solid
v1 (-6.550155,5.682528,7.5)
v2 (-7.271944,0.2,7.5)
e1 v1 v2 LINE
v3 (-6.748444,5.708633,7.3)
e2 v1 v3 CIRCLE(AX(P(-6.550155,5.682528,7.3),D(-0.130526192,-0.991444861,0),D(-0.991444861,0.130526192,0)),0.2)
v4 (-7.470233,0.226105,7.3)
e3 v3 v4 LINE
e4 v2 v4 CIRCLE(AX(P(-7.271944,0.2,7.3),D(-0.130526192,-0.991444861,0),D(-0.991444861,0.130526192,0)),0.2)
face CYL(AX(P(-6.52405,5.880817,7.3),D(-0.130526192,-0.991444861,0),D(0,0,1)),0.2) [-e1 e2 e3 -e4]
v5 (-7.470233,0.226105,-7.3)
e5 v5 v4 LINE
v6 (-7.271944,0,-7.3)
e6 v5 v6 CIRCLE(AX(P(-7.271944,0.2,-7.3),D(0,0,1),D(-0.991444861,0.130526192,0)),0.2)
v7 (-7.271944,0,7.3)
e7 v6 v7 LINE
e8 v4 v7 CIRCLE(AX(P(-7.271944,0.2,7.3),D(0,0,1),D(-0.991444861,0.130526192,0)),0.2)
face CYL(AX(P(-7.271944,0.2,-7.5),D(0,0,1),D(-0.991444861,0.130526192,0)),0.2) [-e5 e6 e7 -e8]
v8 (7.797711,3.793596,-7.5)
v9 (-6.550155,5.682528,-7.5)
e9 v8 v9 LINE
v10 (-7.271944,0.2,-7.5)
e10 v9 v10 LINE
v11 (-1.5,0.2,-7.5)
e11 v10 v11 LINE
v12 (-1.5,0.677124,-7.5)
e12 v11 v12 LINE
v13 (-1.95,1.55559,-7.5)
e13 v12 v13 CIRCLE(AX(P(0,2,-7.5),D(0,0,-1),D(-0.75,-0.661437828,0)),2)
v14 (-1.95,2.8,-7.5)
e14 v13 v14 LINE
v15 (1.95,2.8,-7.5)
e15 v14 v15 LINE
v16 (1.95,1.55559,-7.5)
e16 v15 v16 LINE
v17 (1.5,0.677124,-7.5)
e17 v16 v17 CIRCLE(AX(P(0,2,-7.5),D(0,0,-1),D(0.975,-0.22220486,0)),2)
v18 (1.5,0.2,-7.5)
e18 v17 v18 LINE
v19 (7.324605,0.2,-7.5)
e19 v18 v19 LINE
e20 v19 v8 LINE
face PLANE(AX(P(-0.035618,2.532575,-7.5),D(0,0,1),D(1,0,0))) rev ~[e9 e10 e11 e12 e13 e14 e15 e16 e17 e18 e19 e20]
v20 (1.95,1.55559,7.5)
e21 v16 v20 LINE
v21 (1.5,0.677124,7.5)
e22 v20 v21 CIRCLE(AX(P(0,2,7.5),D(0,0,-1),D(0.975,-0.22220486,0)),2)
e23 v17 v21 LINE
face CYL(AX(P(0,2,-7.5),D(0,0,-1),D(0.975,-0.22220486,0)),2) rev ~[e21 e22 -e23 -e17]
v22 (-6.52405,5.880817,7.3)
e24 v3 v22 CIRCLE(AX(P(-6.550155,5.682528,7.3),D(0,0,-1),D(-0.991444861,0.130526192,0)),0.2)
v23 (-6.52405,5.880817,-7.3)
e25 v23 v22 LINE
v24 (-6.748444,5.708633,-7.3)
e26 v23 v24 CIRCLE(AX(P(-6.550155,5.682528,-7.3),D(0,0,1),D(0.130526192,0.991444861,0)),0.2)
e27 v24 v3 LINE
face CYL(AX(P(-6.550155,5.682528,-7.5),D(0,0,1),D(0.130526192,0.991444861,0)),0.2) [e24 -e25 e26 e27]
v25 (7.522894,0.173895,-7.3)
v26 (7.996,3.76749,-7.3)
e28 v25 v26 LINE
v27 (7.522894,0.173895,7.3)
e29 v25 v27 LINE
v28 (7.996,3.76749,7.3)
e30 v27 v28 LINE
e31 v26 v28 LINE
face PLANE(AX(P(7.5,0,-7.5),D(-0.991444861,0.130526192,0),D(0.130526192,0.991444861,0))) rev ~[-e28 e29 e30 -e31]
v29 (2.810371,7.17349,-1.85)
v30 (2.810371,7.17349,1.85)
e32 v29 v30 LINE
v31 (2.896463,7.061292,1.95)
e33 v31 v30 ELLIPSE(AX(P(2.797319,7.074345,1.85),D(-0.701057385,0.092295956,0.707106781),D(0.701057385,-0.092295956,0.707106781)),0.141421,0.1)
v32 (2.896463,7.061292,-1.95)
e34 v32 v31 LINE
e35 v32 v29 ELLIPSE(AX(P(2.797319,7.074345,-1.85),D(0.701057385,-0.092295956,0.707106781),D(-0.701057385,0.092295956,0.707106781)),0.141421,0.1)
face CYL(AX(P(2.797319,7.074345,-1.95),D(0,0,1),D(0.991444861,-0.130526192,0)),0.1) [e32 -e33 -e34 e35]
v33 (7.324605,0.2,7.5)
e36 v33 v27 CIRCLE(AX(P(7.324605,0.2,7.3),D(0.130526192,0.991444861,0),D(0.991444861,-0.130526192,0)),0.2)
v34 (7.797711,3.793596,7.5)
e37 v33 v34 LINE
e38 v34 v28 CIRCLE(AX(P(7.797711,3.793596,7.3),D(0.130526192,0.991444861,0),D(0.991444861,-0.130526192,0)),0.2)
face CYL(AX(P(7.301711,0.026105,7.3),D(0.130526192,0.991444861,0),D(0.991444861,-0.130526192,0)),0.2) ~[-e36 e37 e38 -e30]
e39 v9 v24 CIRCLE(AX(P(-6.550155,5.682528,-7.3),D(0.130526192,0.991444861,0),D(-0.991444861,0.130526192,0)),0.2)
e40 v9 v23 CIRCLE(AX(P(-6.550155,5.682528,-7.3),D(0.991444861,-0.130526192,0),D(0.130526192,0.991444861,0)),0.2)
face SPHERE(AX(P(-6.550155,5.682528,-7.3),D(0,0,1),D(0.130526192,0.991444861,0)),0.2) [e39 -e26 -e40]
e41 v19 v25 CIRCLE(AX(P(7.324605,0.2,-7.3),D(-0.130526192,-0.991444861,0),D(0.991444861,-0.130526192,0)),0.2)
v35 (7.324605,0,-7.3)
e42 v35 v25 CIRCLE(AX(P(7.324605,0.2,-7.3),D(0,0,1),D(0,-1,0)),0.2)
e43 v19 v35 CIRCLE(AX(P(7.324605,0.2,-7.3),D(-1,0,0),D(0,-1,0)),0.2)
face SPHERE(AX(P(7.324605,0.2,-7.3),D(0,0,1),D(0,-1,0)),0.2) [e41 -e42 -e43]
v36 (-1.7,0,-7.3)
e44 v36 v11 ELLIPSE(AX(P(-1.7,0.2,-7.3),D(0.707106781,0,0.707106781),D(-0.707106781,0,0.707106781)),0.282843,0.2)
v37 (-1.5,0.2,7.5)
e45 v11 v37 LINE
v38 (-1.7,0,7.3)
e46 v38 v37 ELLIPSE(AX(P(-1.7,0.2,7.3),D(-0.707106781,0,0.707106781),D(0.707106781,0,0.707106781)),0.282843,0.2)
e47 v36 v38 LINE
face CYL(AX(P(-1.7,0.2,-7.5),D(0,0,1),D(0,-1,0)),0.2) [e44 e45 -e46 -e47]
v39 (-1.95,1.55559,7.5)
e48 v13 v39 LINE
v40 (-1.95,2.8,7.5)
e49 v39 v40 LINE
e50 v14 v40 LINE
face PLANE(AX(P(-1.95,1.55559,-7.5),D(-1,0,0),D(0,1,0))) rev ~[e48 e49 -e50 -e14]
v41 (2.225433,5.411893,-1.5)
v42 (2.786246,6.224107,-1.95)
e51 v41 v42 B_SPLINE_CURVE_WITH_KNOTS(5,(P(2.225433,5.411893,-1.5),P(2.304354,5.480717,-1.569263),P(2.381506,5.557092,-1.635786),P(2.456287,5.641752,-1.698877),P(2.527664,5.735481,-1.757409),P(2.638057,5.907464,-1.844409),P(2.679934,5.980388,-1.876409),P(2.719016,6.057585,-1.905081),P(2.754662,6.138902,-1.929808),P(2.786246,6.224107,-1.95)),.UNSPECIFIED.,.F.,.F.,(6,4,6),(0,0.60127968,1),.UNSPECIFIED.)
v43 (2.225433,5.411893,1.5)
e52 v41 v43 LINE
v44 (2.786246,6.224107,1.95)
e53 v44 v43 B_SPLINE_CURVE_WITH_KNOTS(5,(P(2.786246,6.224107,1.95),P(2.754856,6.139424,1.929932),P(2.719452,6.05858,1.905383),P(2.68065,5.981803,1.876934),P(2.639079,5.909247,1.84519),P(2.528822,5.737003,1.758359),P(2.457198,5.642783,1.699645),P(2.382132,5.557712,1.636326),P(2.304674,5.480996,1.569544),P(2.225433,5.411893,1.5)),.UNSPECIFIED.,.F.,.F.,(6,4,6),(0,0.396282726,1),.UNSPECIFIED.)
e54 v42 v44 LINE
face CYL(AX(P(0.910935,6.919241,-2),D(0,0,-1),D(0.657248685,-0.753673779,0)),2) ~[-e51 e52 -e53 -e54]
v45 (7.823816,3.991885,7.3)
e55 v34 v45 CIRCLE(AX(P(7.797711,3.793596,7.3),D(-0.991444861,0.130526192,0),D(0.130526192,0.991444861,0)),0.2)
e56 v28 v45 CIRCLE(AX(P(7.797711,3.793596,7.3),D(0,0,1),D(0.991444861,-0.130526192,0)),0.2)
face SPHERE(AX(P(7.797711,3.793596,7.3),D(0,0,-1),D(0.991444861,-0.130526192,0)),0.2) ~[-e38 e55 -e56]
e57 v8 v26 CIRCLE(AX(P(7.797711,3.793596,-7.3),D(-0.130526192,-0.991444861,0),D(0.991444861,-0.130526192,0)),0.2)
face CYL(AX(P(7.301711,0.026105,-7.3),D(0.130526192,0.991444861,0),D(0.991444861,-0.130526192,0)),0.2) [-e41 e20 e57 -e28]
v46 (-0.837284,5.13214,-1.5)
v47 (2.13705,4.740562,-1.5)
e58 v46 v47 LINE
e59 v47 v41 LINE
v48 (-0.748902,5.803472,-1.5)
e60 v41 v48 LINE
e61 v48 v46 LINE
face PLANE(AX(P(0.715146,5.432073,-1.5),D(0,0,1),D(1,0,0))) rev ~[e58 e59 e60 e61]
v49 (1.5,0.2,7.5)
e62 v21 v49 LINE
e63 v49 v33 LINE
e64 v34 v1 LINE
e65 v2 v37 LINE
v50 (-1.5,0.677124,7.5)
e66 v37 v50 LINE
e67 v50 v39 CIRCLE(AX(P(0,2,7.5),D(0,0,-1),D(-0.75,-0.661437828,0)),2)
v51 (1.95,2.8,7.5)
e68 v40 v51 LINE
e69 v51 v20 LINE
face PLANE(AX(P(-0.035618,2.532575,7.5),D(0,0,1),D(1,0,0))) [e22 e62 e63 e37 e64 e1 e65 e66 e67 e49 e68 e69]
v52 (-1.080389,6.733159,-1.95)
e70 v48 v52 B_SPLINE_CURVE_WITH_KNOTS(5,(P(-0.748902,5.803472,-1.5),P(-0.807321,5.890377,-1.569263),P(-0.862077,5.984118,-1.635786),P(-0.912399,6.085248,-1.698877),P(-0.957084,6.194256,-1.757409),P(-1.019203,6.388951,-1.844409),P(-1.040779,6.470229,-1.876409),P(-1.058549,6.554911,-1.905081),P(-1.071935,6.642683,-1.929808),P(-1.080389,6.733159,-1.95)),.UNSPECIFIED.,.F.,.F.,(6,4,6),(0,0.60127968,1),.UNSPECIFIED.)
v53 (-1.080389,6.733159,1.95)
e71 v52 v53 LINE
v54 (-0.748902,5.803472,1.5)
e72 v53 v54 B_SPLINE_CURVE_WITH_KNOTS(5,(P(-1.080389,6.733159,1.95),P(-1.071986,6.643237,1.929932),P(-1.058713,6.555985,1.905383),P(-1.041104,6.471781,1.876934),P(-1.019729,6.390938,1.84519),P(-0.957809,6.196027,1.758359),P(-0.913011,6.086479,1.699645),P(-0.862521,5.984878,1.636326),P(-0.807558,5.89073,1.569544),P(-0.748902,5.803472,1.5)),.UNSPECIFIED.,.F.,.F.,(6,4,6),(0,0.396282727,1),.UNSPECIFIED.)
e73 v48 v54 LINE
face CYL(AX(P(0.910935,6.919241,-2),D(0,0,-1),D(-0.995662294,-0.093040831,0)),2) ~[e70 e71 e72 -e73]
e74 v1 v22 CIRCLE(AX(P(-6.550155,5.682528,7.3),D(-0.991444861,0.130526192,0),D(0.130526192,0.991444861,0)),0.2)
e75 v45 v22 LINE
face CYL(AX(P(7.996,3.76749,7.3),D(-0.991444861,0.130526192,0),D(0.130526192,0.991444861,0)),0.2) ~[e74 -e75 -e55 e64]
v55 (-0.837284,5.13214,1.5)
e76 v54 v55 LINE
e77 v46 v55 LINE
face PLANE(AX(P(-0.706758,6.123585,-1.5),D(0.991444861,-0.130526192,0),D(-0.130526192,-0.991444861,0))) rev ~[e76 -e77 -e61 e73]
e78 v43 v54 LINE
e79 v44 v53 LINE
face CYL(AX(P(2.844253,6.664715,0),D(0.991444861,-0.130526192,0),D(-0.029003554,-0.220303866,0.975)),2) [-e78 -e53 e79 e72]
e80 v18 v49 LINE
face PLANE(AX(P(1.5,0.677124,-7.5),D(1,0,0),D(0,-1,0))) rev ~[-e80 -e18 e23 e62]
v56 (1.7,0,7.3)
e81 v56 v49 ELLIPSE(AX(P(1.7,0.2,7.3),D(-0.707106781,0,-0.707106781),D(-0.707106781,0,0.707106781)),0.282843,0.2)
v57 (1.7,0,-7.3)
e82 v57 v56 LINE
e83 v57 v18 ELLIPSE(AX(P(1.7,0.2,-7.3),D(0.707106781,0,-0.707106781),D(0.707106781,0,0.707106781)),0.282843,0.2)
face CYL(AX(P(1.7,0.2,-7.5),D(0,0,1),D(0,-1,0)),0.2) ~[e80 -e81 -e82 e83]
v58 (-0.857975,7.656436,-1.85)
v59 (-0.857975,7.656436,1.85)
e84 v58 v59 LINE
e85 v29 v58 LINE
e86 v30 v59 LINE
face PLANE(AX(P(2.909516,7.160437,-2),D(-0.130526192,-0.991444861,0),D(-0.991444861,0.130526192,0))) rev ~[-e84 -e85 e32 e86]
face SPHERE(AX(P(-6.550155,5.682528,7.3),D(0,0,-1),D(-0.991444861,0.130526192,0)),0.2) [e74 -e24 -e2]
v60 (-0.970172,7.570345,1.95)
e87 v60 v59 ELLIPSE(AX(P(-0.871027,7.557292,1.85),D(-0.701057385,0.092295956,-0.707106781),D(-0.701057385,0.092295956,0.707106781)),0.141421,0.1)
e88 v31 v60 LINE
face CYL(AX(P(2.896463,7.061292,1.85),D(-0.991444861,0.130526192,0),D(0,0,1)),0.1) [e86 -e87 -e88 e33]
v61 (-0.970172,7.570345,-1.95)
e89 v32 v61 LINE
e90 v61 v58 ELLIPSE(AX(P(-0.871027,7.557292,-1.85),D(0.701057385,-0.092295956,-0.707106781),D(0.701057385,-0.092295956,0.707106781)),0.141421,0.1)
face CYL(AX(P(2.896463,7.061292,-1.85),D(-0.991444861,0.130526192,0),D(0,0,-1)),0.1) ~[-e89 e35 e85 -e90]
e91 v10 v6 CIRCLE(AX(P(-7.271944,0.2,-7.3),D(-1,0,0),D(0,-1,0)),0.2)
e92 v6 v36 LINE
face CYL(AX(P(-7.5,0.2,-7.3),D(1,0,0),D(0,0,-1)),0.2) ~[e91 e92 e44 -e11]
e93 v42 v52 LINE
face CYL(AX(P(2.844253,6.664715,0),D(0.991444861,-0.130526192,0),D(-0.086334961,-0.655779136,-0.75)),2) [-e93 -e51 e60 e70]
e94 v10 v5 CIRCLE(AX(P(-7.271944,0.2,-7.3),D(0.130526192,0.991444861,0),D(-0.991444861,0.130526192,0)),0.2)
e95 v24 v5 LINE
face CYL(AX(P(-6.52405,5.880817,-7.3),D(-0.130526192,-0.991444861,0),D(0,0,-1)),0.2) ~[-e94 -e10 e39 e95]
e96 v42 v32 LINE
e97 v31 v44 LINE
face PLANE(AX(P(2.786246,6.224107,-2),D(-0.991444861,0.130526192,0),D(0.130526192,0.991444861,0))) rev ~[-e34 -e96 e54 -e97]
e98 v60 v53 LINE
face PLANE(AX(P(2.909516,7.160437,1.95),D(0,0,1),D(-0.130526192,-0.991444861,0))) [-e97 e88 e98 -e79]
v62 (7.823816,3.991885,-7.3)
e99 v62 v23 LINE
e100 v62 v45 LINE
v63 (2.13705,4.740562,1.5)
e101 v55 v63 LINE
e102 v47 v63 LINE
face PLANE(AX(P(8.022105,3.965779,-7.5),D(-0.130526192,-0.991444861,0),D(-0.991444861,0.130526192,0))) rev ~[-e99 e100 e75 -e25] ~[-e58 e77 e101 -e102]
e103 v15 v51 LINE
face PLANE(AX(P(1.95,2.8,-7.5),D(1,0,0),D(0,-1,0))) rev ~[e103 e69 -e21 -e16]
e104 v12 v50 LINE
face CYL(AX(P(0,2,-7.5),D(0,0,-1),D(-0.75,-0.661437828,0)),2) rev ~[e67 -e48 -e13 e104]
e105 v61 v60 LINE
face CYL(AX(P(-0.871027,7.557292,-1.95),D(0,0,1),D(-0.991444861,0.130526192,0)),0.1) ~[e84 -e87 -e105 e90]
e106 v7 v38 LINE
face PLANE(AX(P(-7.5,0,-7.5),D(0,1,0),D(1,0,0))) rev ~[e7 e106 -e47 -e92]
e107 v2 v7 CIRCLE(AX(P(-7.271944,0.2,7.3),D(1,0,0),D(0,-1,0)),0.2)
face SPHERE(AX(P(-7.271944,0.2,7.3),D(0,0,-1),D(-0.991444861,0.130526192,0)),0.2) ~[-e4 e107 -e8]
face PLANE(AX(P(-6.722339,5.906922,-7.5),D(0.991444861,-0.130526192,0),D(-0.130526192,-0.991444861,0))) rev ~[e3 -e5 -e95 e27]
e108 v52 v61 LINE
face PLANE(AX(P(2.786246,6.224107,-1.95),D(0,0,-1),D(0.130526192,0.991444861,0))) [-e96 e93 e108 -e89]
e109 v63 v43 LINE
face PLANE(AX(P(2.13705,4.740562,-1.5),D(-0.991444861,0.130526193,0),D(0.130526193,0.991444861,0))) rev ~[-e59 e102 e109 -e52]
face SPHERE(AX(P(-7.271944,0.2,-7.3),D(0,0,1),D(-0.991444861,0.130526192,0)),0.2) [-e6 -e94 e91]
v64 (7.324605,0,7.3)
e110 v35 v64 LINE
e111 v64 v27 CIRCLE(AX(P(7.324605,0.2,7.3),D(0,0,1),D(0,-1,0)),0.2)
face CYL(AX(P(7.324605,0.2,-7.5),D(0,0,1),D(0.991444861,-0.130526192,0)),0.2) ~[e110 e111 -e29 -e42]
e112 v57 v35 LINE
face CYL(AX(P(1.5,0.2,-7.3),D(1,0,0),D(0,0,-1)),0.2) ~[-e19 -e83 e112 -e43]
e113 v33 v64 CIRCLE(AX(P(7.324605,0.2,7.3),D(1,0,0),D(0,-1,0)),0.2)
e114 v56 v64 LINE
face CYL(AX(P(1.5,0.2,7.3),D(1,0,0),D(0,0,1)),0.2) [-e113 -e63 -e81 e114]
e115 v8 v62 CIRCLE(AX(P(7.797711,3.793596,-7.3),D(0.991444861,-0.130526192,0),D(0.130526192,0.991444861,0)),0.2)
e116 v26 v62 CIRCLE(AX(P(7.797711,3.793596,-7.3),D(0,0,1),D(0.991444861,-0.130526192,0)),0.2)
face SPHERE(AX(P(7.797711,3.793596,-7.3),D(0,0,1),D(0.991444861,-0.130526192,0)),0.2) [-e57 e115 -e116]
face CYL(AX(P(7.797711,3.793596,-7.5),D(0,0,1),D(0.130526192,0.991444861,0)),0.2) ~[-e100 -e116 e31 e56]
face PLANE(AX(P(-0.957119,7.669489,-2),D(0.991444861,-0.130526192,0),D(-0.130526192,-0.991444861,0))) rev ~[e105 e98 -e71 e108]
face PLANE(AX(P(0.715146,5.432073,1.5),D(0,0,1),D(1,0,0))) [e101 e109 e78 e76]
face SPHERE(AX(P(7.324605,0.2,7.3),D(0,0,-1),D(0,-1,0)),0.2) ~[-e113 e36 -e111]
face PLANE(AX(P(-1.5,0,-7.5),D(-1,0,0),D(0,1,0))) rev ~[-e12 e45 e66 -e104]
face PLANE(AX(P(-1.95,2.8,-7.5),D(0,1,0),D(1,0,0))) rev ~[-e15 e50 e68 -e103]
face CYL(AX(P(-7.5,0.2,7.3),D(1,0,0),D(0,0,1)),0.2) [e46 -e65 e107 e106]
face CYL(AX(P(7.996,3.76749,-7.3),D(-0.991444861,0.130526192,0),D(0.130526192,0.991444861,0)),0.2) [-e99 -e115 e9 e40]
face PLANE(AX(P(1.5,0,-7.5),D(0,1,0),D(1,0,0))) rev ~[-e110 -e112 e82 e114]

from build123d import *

# Parameters (mm, degrees)
EXTRUDE_1_DEPTH      = 7.5
EXTRUDE_1_DEPTH_BACK = 7.5
EXTRUDE_2_DEPTH      = 1.5
EXTRUDE_2_DEPTH_BACK = 1.5
EXTRUDE_3_DEPTH      = 2
EXTRUDE_3_DEPTH_BACK = 2
CUT_EXTRUDE_1_DEPTH  = 15.42315829
FILLET_1_R           = 0.2
FILLET_2_R           = 0.1


with BuildPart() as part:
    # 草图1 → 凸台-拉伸1 (new, two sides: drawn at the far end of the back side and taken through both)
    with BuildSketch(Plane.XY.offset(-EXTRUDE_1_DEPTH_BACK)):
        with BuildLine():
            Line((-7.5, 0), (-1.5, 0))
            Line((-1.5, 0), (-1.5, 0.677124344))
            ThreePointArc((-1.5, 0.677124344), (-1.780042303, 1.088161527), (-1.95, 1.555590279))
            Line((-1.95, 1.555590279), (-1.95, 2.8))
            Line((-1.95, 2.8), (1.95, 2.8))
            Line((1.95, 2.8), (1.95, 1.555590279))
            ThreePointArc((1.95, 1.555590279), (1.780042303, 1.088161527), (1.5, 0.677124344))
            Line((1.5, 0.677124344), (1.5, 0))
            Line((1.5, 0), (7.5, 0))
            Line((7.5, 0), (8.022104769, 3.965779445))
            Line((8.022104769, 3.965779445), (-6.722338928, 5.906922284))
            Line((-6.722338928, 5.906922284), (-7.5, 0))
        make_face()
    extrude(amount=EXTRUDE_1_DEPTH + EXTRUDE_1_DEPTH_BACK)

    # 草图2 → 凸台-拉伸2 (add, two sides: drawn at the far end of the back side and taken through both)
    with BuildSketch(Plane.XY.offset(-EXTRUDE_2_DEPTH_BACK)):
        Polygon((-0.837284372, 5.132140153), (2.137050212, 4.740561576), (2.267576405, 5.732006438), (-0.70675818, 6.123585014), align=None)
    extrude(amount=EXTRUDE_2_DEPTH + EXTRUDE_2_DEPTH_BACK)

    # 草图3 → 凸台-拉伸3 (add, two sides: drawn at the far end of the back side and taken through both)
    with BuildSketch(Plane.XY.offset(-EXTRUDE_3_DEPTH_BACK)):
        with BuildLine():
            Line((-0.957119079, 7.669489093), (-1.080389284, 6.733158928))
            ThreePointArc((-1.080389284, 6.733158928), (-0.972897293, 6.247545163), (-0.748901909, 5.803471605))
            Line((-0.748901909, 5.803471605), (2.225432675, 5.411893028))
            ThreePointArc((2.225432675, 5.411893028), (2.556730295, 5.782860875), (2.786245676, 6.224106778))
            Line((2.786245676, 6.224106778), (2.909515881, 7.160436943))
            Line((2.909515881, 7.160436943), (-0.957119079, 7.669489093))
        make_face()
    extrude(amount=EXTRUDE_3_DEPTH + EXTRUDE_3_DEPTH_BACK)

    # 草图4 → 切除-拉伸1 (cut, through all)
    with BuildSketch(Plane(origin=(1.93331748, -0.254526075, 0), x_dir=(0, 0, -1), z_dir=(0.9914448613738126, -0.13052619222003545, 0))):
        with BuildLine():
            Line((1.95, 7.478946442), (2, 7.478946442))
            Line((2, 7.478946442), (2, 5.656070786))
            Line((2, 5.656070786), (1.5, 5.656070786))
            ThreePointArc((1.5, 5.656070786), (1.780042303, 6.067107969), (1.95, 6.534536721))
            Line((1.95, 6.534536721), (1.95, 7.478946442))
        make_face()
        with BuildLine():
            Line((-1.95, 7.478946442), (-1.95, 6.534536721))
            ThreePointArc((-1.95, 6.534536721), (-1.780042303, 6.067107969), (-1.5, 5.656070786))
            Line((-1.5, 5.656070786), (-2, 5.656070786))
            Line((-2, 5.656070786), (-2, 7.478946442))
            Line((-2, 7.478946442), (-1.95, 7.478946442))
        make_face()
    extrude(amount=-CUT_EXTRUDE_1_DEPTH, mode=Mode.SUBTRACT)

    # 圆角1
    fillet_1_edges = [part.edges().sort_by_distance(p)[0] for p in [
        (-6.722338928, 5.906922284, 0),
        (8.022104769, 3.965779445, 0),
        (7.5, 0, 0),
        (1.5, 0, 0),
        (-1.5, 0, 0),
        (-7.5, 0, 0),
        (4.5, 0, -7.5),
        (-7.111169464, 2.953461142, 7.5),
        (-4.5, 0, 7.5),
        (7.761052384, 1.982889723, -7.5),
        (4.5, 0, 7.5),
        (7.761052384, 1.982889723, 7.5),
        (0.64988292, 4.936350865, 7.5),
        (0.64988292, 4.936350865, -7.5),
        (-7.111169464, 2.953461142, -7.5),
        (-4.5, 0, -7.5),
    ]]
    fillet(fillet_1_edges, radius=FILLET_1_R)

    # 圆角2
    fillet_2_edges = [part.edges().sort_by_distance(p)[0] for p in [
        (2.909515881, 7.160436943, 0),
        (-0.957119079, 7.669489093, 0),
        (0.976198401, 7.414963018, -1.95),
        (0.976198401, 7.414963018, 1.95),
    ]]
    fillet(fillet_2_edges, radius=FILLET_2_R)


solid = part.part
